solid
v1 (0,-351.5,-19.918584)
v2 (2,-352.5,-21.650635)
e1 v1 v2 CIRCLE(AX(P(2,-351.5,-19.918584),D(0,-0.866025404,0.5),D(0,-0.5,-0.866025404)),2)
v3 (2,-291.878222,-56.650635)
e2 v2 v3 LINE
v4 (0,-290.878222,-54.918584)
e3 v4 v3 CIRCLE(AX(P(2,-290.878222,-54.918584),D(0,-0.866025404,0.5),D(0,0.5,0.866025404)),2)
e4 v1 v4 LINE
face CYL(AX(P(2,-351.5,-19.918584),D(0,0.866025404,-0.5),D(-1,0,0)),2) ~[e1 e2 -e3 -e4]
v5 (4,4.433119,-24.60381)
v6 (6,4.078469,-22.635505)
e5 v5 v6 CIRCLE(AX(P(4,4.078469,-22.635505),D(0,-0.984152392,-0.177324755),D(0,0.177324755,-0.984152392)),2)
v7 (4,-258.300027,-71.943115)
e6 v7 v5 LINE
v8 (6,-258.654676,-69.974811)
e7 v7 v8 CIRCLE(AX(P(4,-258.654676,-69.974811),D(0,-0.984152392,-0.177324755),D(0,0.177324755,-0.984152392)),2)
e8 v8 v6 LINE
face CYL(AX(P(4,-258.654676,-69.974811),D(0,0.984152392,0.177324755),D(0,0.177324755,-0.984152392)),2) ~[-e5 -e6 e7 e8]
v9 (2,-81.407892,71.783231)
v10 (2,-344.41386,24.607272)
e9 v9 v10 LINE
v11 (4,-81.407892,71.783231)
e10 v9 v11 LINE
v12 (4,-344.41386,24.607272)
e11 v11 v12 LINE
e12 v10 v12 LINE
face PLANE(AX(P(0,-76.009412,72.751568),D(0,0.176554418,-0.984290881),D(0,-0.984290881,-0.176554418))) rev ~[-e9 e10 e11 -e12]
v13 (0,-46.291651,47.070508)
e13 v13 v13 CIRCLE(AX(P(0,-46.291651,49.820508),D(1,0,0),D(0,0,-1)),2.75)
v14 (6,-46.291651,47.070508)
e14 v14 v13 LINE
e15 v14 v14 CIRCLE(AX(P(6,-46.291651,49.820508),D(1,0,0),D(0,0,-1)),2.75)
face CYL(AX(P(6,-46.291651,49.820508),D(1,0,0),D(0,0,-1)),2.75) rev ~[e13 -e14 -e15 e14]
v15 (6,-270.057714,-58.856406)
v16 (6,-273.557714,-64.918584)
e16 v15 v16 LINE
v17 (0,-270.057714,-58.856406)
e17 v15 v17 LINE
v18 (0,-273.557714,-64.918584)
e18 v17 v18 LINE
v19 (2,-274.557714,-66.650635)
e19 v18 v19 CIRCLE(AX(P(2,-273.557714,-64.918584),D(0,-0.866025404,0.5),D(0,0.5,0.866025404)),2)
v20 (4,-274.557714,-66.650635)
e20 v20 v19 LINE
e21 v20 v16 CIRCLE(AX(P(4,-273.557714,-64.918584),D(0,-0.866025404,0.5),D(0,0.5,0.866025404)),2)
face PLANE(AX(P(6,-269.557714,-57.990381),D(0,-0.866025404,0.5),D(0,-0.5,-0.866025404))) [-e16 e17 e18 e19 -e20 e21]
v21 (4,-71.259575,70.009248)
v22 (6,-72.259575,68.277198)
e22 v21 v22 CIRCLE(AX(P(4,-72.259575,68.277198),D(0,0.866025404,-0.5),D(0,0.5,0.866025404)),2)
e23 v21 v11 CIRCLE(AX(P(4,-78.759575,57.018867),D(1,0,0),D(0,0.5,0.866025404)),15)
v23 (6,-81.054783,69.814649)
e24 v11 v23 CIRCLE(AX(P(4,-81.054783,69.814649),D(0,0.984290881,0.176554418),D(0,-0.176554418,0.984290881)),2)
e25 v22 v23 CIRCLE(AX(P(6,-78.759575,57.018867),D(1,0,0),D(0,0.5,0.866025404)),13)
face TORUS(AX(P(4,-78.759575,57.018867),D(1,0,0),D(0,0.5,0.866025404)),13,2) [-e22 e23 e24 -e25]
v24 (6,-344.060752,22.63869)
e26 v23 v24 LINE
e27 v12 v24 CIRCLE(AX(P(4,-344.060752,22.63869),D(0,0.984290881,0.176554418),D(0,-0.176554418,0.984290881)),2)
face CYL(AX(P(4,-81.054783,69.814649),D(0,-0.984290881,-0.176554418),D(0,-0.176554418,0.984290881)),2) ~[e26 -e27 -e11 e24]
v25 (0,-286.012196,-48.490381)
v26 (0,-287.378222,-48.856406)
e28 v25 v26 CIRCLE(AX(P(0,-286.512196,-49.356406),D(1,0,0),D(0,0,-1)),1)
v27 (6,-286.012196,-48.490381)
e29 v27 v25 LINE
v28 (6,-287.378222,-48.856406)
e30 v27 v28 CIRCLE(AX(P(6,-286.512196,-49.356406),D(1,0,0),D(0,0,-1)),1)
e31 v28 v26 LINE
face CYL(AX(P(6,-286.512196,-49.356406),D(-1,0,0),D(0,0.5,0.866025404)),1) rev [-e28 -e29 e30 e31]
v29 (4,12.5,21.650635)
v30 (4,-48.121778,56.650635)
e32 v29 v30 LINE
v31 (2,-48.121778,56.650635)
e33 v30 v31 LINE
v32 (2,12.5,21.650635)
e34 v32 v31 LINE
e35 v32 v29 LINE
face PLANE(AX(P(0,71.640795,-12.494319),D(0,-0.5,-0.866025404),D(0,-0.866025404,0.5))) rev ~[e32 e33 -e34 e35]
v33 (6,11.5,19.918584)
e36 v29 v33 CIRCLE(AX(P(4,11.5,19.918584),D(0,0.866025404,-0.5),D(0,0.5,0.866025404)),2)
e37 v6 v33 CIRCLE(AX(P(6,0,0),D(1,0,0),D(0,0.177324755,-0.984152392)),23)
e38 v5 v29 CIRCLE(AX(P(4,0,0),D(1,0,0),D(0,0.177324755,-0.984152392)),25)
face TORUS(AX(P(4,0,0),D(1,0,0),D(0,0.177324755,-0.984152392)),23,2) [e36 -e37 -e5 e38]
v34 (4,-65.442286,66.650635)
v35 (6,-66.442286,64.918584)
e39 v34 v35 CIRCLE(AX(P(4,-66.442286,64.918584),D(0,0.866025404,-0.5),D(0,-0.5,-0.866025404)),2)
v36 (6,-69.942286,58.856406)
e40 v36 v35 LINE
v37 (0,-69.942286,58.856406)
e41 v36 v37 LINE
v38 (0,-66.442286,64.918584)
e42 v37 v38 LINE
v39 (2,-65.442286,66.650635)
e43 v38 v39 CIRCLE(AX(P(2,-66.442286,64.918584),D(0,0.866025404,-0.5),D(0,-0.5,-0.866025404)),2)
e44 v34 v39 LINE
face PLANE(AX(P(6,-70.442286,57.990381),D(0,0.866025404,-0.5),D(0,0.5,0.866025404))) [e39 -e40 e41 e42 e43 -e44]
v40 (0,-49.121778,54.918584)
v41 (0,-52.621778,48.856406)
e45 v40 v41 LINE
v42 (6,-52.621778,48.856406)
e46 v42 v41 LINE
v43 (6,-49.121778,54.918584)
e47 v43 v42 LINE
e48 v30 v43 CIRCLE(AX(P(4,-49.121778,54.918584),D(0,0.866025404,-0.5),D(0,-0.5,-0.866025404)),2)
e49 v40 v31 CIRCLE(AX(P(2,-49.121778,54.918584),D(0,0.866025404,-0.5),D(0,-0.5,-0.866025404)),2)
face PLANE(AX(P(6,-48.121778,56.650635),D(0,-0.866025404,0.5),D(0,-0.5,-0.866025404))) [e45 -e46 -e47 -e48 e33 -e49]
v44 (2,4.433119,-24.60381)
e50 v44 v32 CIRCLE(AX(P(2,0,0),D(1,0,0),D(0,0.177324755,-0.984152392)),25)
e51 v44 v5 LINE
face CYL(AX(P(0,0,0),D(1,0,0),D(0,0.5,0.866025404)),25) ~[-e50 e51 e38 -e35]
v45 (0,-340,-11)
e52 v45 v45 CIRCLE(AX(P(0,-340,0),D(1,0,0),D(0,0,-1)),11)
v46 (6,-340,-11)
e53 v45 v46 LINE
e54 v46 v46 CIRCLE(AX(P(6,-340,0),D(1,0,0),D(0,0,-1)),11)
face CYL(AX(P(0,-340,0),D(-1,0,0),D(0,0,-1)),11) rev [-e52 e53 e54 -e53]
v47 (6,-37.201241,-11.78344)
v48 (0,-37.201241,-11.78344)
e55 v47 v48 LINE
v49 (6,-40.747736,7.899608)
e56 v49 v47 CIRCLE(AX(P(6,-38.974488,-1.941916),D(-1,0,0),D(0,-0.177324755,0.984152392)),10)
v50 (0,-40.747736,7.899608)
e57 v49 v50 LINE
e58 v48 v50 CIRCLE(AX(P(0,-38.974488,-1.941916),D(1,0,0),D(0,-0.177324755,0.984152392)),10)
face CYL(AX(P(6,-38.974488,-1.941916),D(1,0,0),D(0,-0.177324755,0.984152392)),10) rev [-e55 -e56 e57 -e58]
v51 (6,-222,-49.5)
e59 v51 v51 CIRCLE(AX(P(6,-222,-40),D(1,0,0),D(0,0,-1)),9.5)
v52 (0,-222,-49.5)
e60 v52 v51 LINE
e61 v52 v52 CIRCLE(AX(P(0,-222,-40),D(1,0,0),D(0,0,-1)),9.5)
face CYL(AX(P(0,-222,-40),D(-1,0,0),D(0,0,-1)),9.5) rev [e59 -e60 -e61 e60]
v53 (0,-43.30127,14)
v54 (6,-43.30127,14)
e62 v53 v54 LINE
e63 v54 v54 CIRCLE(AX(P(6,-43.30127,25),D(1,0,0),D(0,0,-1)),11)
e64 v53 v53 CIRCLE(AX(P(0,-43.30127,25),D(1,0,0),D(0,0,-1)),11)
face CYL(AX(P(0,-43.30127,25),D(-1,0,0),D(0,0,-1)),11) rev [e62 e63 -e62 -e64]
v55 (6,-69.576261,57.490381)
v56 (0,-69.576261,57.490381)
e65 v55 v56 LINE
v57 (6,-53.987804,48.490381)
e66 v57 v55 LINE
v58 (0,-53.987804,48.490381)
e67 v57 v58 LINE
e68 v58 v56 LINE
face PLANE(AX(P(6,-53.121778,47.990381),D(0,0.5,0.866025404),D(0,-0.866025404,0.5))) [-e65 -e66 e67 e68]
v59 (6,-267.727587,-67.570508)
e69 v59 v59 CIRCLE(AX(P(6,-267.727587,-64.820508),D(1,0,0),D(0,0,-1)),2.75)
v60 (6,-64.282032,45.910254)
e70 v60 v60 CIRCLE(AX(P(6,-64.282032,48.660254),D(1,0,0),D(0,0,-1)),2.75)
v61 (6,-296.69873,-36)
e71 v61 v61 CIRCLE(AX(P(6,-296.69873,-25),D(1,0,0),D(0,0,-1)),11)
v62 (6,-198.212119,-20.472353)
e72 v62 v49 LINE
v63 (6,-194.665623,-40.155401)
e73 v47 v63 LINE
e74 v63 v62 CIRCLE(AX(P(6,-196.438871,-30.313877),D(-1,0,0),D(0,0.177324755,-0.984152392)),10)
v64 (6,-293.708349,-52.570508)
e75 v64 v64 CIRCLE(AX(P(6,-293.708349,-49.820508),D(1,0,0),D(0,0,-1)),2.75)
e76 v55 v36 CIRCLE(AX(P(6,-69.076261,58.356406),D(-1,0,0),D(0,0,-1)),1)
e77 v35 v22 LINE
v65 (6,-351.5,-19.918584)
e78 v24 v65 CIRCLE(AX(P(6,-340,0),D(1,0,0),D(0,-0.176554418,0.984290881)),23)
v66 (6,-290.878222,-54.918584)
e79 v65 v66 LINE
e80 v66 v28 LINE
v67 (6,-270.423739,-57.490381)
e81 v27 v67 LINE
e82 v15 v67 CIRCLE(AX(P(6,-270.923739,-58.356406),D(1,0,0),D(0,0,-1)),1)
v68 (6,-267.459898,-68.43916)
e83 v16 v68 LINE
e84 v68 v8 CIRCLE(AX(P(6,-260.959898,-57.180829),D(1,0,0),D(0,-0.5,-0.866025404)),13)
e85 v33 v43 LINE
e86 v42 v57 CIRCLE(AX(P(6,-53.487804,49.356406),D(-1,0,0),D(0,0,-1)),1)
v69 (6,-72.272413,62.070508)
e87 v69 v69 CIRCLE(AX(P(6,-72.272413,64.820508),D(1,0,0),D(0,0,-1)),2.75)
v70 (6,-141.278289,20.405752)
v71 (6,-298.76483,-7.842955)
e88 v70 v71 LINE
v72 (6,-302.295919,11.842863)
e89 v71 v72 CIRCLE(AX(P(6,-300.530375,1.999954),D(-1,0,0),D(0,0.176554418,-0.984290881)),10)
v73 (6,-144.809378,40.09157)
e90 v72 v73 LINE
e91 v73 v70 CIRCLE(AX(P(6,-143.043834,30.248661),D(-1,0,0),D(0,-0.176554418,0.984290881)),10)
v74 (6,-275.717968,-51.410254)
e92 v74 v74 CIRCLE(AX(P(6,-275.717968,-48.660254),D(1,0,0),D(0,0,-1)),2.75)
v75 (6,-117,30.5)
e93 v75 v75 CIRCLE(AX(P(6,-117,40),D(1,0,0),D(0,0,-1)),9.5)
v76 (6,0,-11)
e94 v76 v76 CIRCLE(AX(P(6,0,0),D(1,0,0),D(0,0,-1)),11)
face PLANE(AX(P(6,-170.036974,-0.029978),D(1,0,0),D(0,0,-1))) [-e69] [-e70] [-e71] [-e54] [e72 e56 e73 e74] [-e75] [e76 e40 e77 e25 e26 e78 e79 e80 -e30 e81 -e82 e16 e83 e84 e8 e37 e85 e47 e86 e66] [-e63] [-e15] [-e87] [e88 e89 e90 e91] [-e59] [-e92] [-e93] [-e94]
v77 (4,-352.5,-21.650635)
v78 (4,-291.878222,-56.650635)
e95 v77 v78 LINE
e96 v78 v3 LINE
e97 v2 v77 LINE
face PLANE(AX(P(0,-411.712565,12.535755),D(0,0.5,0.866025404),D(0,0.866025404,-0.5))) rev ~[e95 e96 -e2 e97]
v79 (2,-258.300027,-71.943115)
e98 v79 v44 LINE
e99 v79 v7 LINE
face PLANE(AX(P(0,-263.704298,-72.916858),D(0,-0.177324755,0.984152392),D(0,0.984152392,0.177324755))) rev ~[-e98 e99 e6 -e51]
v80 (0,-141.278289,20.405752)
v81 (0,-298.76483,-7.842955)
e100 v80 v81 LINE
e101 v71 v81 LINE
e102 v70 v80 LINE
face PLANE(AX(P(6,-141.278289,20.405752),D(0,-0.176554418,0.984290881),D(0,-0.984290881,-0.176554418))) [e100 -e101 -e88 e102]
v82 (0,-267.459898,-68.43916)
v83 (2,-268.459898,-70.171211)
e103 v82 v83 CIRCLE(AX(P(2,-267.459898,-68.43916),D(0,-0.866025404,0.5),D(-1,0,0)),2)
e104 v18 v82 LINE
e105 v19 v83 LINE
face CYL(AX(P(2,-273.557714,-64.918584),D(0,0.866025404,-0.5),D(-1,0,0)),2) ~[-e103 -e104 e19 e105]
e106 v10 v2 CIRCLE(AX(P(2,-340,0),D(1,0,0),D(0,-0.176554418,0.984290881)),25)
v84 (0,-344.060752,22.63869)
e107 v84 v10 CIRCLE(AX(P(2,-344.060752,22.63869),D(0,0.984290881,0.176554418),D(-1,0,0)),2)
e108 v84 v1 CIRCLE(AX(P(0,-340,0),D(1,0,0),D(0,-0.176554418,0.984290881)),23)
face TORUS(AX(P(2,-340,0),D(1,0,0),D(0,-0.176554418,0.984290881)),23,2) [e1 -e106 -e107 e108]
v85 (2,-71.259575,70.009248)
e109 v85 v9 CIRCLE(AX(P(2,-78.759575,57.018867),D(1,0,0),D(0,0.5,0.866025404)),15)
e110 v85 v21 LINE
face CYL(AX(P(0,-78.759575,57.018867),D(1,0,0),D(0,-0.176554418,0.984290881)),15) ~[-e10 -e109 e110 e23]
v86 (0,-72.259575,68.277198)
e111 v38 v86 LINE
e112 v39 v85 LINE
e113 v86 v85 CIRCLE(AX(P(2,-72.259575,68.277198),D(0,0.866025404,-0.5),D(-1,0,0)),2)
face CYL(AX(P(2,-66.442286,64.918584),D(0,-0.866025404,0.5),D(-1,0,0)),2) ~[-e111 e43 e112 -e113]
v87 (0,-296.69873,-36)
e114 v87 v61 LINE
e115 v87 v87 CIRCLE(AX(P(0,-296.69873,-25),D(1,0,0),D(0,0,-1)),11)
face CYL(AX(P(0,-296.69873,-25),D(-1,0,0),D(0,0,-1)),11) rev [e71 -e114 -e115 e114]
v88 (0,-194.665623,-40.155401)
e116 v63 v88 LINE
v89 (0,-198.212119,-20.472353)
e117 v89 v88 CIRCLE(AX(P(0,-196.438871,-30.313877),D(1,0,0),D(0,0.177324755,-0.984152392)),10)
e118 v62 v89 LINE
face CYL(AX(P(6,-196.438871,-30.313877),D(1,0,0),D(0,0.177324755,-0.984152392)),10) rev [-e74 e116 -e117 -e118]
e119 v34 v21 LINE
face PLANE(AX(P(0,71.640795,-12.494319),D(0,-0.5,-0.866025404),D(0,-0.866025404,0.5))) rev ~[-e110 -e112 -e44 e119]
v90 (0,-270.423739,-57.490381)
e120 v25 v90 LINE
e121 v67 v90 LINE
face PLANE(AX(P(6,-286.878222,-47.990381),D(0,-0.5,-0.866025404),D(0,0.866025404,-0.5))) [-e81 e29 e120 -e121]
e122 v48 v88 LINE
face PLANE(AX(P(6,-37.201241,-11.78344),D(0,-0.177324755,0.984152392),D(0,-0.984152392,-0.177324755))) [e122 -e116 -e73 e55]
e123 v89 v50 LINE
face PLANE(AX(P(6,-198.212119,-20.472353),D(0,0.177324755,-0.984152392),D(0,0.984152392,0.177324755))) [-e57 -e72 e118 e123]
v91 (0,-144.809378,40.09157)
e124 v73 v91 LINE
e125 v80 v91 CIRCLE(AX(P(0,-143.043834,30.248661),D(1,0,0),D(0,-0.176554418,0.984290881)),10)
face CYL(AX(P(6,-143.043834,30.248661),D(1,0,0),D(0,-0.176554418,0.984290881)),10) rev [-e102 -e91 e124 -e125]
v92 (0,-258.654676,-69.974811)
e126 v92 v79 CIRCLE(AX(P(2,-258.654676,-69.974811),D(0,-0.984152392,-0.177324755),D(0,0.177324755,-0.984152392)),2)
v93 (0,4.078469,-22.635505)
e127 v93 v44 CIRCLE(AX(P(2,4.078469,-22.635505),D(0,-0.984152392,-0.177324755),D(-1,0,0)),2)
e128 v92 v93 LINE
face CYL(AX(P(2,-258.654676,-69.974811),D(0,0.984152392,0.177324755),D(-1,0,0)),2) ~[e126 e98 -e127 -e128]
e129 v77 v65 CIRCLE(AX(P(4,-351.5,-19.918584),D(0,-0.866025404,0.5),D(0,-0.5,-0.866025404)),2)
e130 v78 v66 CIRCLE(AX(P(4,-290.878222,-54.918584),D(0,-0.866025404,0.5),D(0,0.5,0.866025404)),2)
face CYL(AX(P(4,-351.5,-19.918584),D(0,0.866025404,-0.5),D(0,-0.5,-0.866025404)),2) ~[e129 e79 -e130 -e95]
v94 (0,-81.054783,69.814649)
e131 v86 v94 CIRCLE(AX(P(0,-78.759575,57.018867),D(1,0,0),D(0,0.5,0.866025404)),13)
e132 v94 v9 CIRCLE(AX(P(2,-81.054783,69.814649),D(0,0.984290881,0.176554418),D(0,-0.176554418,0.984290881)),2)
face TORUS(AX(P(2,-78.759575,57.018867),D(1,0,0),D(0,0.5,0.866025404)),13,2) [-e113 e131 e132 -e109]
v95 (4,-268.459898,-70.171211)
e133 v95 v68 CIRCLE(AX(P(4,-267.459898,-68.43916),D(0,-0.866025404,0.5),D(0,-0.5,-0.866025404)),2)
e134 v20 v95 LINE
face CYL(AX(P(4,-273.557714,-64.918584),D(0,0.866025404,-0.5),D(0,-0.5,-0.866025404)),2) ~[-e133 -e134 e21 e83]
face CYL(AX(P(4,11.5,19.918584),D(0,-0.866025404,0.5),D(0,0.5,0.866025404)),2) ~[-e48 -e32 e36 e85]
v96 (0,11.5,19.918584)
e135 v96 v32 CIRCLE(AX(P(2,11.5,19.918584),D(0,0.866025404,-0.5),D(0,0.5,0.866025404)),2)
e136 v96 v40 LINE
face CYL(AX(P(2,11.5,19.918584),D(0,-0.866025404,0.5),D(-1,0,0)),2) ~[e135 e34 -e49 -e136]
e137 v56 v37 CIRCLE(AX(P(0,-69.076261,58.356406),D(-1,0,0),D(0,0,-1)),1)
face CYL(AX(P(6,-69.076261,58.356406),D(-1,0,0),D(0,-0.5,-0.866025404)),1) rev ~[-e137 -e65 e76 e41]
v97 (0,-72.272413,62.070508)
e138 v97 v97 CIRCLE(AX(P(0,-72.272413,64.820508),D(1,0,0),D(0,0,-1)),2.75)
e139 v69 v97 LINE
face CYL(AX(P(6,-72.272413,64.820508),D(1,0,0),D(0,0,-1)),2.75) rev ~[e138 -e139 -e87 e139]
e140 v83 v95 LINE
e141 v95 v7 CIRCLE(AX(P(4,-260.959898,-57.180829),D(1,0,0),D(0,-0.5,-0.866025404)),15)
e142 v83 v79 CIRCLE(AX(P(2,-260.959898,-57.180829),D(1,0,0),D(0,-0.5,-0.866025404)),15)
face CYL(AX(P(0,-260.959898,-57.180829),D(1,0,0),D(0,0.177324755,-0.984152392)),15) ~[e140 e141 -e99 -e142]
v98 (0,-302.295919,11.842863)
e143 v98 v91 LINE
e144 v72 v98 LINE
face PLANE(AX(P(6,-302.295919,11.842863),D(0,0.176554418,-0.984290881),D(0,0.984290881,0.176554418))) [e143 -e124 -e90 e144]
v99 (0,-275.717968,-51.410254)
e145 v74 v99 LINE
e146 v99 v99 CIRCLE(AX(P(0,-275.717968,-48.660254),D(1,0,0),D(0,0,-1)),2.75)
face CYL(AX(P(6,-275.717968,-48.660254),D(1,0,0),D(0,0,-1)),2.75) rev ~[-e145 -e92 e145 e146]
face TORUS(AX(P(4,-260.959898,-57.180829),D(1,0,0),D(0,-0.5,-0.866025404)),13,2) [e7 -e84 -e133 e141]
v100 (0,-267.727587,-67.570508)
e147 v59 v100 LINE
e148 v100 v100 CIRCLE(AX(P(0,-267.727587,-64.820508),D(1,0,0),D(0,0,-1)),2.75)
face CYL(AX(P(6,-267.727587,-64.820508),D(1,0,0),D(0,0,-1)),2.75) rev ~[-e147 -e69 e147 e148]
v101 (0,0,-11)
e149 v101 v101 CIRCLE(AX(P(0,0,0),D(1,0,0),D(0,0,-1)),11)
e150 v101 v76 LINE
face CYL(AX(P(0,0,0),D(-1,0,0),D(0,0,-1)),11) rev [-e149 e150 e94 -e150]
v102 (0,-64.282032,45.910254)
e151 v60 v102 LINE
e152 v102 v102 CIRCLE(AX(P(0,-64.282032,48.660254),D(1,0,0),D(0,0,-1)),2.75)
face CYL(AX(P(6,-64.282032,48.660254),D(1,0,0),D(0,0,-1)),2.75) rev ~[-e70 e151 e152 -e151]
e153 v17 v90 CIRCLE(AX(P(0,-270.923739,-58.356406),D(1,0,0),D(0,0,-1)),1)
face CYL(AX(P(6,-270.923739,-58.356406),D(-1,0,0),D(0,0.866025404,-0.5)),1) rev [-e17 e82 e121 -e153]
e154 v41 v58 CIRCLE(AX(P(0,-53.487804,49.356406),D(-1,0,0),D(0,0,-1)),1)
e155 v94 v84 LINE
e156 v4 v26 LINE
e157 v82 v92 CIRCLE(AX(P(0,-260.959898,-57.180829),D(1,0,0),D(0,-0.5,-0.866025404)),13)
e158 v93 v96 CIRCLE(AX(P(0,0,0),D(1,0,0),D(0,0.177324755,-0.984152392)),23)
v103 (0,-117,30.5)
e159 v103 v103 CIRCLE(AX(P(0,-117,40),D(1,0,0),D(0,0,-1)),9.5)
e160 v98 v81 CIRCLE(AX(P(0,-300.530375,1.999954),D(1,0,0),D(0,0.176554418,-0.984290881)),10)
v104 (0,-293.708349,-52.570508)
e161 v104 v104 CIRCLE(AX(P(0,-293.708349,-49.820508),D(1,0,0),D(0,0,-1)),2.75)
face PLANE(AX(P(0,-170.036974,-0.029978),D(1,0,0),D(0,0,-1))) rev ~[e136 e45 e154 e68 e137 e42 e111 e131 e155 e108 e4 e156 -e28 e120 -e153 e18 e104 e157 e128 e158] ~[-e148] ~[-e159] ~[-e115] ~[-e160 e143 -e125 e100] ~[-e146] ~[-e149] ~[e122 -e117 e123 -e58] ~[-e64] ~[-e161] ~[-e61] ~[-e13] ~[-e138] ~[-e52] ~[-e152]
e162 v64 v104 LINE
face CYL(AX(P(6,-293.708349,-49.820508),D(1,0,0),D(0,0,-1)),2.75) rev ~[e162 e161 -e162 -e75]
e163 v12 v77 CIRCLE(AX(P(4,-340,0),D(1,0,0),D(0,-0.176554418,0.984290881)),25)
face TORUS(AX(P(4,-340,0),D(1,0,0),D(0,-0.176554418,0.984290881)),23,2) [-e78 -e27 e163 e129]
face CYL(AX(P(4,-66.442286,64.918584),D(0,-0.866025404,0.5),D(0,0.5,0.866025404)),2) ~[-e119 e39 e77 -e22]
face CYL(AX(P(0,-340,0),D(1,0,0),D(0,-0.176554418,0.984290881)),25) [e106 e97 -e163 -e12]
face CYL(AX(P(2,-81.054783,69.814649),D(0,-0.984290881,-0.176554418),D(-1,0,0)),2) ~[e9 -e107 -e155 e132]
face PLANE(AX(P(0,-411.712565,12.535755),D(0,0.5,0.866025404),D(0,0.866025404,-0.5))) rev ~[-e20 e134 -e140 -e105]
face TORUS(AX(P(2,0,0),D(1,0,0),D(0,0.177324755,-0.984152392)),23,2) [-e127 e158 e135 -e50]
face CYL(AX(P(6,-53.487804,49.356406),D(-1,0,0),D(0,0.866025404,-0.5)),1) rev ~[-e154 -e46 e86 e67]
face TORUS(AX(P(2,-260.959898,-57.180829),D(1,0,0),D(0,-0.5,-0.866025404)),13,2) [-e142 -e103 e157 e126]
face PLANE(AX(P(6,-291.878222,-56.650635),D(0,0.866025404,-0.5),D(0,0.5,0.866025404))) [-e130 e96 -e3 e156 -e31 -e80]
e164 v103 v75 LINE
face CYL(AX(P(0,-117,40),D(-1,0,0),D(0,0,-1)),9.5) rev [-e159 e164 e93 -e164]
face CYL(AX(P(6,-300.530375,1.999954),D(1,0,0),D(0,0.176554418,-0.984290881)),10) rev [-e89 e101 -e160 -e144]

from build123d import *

# Parameters (mm, degrees)
SKETCH_2_R          = 9.5
SKETCH_2_R_2        = 11
EXTRUDE_1_DEPTH     = 6
CUT_EXTRUDE_1_DEPTH = 10
FILLET_1_R          = 25
SKETCH_4_R          = 2.75
CUT_EXTRUDE_2_DEPTH = 10
FILLET_2_R          = 15
FILLET_3_R          = 1
FILLET_4_R          = 2


with BuildPart() as part:
    # 草图2 → 凸台-拉伸1 (new body)
    with BuildSketch(Plane(origin=(0, 0, 0), x_dir=(0, 0, -1), z_dir=(1, 0, 0))):
        Polygon((12.494318662, 71.640794729), (-72.751567756, -76.009411684), (-12.535755442, -411.712565336), (72.916857811, -263.704297543), align=None)
        with Locations((-40, -117)):
            Circle(SKETCH_2_R, mode=Mode.SUBTRACT)
        with Locations((25, -296.698729811)):
            Circle(SKETCH_2_R_2, mode=Mode.SUBTRACT)
        with Locations((0, -340)):
            Circle(SKETCH_2_R_2, mode=Mode.SUBTRACT)
        with Locations((-25, -43.301270189)):
            Circle(SKETCH_2_R_2, mode=Mode.SUBTRACT)
        with Locations((40, -222)):
            Circle(SKETCH_2_R, mode=Mode.SUBTRACT)
        Circle(SKETCH_2_R_2, mode=Mode.SUBTRACT)
    extrude(amount=EXTRUDE_1_DEPTH)

    # 草图3 → 切除-拉伸1 (cut)
    with BuildSketch(Plane(origin=(6, 0, 0), x_dir=(0, 0, -1), z_dir=(1, 0, 0))):
        with BuildLine():
            Line((-20.40575236, -141.278289439), (7.842954525, -298.764830322))
            ThreePointArc((7.842954525, -298.764830322), (-0.2344101, -310.373283308), (-11.842863085, -302.295918683))
            Line((-11.842863085, -302.295918683), (-40.09156997, -144.8093778))
            ThreePointArc((-40.09156997, -144.8093778), (-32.014205345, -133.200924814), (-20.40575236, -141.278289439))
        make_face()
        with BuildLine():
            Line((11.783440235, -37.201240644), (40.155401092, -194.665623401))
            ThreePointArc((40.155401092, -194.665623401), (32.087124724, -206.280394877), (20.472353248, -198.212118508))
            Line((20.472353248, -198.212118508), (-7.89960761, -40.747735751))
            ThreePointArc((-7.89960761, -40.747735751), (0.168668759, -29.132964275), (11.783440235, -37.201240644))
        make_face()
    extrude(amount=-CUT_EXTRUDE_1_DEPTH, mode=Mode.SUBTRACT)

    # 圆角1
    fillet_1_edges = [part.edges().sort_by_distance(p)[0] for p in [
        (3, -411.712565336, 12.535755442),
        (3, 71.640794729, -12.494318662),
    ]]
    fillet(fillet_1_edges, radius=FILLET_1_R)

    # 草图4 → 切除-拉伸2 (cut)
    with BuildSketch(Plane(origin=(6, 0, 0), x_dir=(0, 0, -1), z_dir=(1, 0, 0))):
        with Locations((-49.820508076, -46.291651246)):
            Circle(SKETCH_4_R)
        with Locations((-64.820508076, -72.27241336)):
            Circle(SKETCH_4_R)
        with Locations((-48.660254038, -64.282032303)):
            Circle(SKETCH_4_R)
        with Locations((48.660254038, -275.717967697)):
            Circle(SKETCH_4_R)
        with Locations((49.820508076, -293.708348754)):
            Circle(SKETCH_4_R)
        with Locations((64.820508076, -267.72758664)):
            Circle(SKETCH_4_R)
        Polygon((-66.650635095, -65.442286341), (-56.650635095, -48.121778265), (-47.990381057, -53.121778265), (-57.990381057, -70.442286341), align=None)
        Polygon((47.990381057, -286.878221735), (57.990381057, -269.557713659), (66.650635095, -274.557713659), (56.650635095, -291.878221735), align=None)
    extrude(amount=-CUT_EXTRUDE_2_DEPTH, mode=Mode.SUBTRACT)

    # 圆角2
    fillet_2_edges = [part.edges().sort_by_distance(p)[0] for p in [
        (3, -263.704297543, -72.916857811),
        (3, -76.009411684, 72.751567756),
    ]]
    fillet(fillet_2_edges, radius=FILLET_2_R)

    # 圆角3
    fillet_3_edges = [part.edges().sort_by_distance(p)[0] for p in [
        (3, -286.878221735, -47.990381057),
        (3, -269.557713659, -57.990381057),
        (3, -53.121778265, 47.990381057),
        (3, -70.442286341, 57.990381057),
    ]]
    fillet(fillet_3_edges, radius=FILLET_3_R)

    # 圆角4
    fillet_4_edges = [part.edges().sort_by_distance(p)[0] for p in [
        (0, -212.910875987, 48.195251289),
        (6, -212.910875987, 48.195251289),
        (0, -126.933453974, -48.273462573),
        (0, -263.537032824, -71.957783708),
        (0, -76.176657925, 71.794811932),
        (6, -126.933453974, -48.273462573),
        (6, -263.537032824, -71.957783708),
        (6, -76.176657925, 71.794811932),
        (0, -322.189110868, -39.150635095),
        (6, -322.189110868, -39.150635095),
        (0, -17.810889132, 39.150635095),
        (0, 24.628257085, -4.295224436),
        (0, -364.626574291, 4.304862213),
        (6, -17.810889132, 39.150635095),
        (6, 24.628257085, -4.295224436),
        (6, -364.626574291, 4.304862213),
        (6, -271.508805911, -68.410922804),
        (0, -271.508805911, -68.410922804),
        (6, -68.350930797, 68.329941754),
        (0, -68.350930797, 68.329941754),
    ]]
    fillet(fillet_4_edges, radius=FILLET_4_R)


solid = part.part
